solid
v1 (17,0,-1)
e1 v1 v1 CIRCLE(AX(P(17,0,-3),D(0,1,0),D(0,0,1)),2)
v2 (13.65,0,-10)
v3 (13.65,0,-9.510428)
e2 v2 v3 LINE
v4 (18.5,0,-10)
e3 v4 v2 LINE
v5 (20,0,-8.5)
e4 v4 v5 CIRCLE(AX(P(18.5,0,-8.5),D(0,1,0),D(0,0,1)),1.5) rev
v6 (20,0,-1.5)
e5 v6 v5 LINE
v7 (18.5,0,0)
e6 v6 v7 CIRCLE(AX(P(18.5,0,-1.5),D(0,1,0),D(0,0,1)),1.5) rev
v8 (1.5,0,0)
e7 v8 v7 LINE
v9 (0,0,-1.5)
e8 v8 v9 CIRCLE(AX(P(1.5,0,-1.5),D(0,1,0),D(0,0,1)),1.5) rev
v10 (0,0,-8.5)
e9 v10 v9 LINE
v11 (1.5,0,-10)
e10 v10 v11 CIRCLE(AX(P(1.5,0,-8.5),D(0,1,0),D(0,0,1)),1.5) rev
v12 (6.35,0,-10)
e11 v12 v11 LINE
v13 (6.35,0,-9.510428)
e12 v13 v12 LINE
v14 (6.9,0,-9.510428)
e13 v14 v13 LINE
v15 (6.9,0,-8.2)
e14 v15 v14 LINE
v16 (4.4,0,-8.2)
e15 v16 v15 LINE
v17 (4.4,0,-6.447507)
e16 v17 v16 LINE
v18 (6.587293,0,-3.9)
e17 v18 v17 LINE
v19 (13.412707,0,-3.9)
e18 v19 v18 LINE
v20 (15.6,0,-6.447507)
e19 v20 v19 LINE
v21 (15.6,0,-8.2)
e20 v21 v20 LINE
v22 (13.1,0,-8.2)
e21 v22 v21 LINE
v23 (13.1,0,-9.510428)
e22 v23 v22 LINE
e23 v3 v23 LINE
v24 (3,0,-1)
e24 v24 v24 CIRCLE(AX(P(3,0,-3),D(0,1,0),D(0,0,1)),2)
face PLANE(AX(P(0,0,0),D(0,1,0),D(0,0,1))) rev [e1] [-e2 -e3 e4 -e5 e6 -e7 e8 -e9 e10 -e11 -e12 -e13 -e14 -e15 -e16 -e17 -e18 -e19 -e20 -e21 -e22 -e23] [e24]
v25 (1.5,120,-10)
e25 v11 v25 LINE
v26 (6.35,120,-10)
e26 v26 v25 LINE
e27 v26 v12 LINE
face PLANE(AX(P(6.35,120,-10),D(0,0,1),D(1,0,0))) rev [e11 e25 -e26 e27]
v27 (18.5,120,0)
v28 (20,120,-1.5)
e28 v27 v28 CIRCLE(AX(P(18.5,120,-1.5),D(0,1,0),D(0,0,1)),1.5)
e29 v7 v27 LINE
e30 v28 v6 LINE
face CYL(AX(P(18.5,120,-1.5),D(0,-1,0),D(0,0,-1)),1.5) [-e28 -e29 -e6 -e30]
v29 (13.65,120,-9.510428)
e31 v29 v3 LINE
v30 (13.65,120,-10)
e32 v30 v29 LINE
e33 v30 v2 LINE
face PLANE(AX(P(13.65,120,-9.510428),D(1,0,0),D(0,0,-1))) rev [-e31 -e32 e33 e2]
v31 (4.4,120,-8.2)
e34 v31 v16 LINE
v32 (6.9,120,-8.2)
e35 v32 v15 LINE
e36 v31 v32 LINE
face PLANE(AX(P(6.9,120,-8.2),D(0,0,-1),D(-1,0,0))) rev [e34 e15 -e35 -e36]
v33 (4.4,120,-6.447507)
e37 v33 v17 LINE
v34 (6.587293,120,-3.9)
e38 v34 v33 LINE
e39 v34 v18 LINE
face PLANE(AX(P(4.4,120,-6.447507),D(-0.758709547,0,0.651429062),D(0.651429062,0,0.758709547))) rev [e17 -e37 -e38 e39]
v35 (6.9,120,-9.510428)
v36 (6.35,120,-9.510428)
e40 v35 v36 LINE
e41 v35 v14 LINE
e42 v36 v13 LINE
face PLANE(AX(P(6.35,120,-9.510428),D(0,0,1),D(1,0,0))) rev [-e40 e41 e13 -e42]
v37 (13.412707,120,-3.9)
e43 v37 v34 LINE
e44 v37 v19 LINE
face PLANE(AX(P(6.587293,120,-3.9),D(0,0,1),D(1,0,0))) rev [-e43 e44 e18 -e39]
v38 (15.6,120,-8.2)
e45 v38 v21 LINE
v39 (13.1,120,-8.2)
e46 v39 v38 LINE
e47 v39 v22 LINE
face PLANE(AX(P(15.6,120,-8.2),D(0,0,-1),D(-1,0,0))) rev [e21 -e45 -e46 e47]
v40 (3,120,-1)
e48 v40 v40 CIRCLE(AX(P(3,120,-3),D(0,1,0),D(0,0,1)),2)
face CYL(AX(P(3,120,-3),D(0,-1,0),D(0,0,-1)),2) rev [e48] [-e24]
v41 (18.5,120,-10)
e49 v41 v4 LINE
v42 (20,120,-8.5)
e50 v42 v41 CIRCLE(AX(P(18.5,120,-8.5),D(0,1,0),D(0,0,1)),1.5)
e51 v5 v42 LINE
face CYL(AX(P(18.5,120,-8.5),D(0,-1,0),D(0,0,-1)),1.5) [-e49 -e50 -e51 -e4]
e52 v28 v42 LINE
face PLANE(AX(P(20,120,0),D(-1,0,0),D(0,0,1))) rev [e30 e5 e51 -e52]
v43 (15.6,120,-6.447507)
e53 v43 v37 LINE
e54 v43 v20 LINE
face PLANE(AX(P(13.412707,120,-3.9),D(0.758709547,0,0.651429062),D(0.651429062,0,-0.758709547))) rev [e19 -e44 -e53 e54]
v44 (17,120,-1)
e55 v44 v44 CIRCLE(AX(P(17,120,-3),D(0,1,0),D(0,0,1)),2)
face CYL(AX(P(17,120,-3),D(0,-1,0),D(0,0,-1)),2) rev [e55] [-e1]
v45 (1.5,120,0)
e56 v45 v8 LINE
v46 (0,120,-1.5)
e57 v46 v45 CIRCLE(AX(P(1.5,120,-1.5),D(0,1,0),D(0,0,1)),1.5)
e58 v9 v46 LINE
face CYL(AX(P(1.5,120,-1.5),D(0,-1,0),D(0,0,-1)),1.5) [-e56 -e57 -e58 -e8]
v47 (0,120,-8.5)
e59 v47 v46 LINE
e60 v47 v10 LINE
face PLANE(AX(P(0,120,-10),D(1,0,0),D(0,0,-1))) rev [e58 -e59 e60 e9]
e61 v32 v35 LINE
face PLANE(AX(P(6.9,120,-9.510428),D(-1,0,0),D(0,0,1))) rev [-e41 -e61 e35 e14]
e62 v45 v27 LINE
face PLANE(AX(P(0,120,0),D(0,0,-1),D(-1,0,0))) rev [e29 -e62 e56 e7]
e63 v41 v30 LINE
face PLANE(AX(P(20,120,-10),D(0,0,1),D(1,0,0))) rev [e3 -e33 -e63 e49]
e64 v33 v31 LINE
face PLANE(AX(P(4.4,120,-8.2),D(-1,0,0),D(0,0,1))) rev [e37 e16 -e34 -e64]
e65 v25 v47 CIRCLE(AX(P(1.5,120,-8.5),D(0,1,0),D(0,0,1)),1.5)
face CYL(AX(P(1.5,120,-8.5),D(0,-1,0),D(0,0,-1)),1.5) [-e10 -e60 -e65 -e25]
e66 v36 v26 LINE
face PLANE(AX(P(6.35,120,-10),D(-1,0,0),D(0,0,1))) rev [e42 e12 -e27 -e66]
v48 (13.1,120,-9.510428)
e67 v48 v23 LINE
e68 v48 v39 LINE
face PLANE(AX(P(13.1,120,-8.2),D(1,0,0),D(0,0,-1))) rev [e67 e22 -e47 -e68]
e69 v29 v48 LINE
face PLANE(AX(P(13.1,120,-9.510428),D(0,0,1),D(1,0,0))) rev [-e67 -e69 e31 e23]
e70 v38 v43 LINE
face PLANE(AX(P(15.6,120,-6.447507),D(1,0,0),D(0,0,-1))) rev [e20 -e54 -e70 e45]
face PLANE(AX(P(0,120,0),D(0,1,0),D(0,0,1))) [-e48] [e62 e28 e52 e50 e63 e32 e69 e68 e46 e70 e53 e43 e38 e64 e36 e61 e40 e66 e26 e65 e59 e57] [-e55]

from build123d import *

# Parameters (mm, degrees)
SKETCH_1_R      = 2
EXTRUDE_1_DEPTH = 120
FILLET_1_R      = 1.5


with BuildPart() as part:
    # 草图1 → 凸台-拉伸1 (new body)
    with BuildSketch(Plane(origin=(0, 0, 0), x_dir=(1, 0, 0), z_dir=(0, 1, 0))):
        Polygon((0, 0), (20, 0), (20, 10), (13.65, 10), (13.65, 9.510427602), (13.1, 9.510427602), (13.1, 8.2), (15.6, 8.2), (15.6, 6.447507136), (13.412706863, 3.9), (6.587293137, 3.9), (4.4, 6.447507136), (4.4, 8.2), (6.9, 8.2), (6.9, 9.510427602), (6.35, 9.510427602), (6.35, 10), (0, 10), align=None)
        with Locations(Location((3, 3, 0), (0, 0, 270))):
            Circle(SKETCH_1_R, mode=Mode.SUBTRACT)
        with Locations(Location((17, 3, 0), (0, 0, 270))):
            Circle(SKETCH_1_R, mode=Mode.SUBTRACT)
    extrude(amount=EXTRUDE_1_DEPTH)

    # 圆角1
    fillet_1_edges = [part.edges().sort_by_distance(p)[0] for p in [
        (0, 60, -10),
        (20, 60, -10),
        (20, 60, 0),
        (0, 60, 0),
    ]]
    fillet(fillet_1_edges, radius=FILLET_1_R)


solid = part.part
